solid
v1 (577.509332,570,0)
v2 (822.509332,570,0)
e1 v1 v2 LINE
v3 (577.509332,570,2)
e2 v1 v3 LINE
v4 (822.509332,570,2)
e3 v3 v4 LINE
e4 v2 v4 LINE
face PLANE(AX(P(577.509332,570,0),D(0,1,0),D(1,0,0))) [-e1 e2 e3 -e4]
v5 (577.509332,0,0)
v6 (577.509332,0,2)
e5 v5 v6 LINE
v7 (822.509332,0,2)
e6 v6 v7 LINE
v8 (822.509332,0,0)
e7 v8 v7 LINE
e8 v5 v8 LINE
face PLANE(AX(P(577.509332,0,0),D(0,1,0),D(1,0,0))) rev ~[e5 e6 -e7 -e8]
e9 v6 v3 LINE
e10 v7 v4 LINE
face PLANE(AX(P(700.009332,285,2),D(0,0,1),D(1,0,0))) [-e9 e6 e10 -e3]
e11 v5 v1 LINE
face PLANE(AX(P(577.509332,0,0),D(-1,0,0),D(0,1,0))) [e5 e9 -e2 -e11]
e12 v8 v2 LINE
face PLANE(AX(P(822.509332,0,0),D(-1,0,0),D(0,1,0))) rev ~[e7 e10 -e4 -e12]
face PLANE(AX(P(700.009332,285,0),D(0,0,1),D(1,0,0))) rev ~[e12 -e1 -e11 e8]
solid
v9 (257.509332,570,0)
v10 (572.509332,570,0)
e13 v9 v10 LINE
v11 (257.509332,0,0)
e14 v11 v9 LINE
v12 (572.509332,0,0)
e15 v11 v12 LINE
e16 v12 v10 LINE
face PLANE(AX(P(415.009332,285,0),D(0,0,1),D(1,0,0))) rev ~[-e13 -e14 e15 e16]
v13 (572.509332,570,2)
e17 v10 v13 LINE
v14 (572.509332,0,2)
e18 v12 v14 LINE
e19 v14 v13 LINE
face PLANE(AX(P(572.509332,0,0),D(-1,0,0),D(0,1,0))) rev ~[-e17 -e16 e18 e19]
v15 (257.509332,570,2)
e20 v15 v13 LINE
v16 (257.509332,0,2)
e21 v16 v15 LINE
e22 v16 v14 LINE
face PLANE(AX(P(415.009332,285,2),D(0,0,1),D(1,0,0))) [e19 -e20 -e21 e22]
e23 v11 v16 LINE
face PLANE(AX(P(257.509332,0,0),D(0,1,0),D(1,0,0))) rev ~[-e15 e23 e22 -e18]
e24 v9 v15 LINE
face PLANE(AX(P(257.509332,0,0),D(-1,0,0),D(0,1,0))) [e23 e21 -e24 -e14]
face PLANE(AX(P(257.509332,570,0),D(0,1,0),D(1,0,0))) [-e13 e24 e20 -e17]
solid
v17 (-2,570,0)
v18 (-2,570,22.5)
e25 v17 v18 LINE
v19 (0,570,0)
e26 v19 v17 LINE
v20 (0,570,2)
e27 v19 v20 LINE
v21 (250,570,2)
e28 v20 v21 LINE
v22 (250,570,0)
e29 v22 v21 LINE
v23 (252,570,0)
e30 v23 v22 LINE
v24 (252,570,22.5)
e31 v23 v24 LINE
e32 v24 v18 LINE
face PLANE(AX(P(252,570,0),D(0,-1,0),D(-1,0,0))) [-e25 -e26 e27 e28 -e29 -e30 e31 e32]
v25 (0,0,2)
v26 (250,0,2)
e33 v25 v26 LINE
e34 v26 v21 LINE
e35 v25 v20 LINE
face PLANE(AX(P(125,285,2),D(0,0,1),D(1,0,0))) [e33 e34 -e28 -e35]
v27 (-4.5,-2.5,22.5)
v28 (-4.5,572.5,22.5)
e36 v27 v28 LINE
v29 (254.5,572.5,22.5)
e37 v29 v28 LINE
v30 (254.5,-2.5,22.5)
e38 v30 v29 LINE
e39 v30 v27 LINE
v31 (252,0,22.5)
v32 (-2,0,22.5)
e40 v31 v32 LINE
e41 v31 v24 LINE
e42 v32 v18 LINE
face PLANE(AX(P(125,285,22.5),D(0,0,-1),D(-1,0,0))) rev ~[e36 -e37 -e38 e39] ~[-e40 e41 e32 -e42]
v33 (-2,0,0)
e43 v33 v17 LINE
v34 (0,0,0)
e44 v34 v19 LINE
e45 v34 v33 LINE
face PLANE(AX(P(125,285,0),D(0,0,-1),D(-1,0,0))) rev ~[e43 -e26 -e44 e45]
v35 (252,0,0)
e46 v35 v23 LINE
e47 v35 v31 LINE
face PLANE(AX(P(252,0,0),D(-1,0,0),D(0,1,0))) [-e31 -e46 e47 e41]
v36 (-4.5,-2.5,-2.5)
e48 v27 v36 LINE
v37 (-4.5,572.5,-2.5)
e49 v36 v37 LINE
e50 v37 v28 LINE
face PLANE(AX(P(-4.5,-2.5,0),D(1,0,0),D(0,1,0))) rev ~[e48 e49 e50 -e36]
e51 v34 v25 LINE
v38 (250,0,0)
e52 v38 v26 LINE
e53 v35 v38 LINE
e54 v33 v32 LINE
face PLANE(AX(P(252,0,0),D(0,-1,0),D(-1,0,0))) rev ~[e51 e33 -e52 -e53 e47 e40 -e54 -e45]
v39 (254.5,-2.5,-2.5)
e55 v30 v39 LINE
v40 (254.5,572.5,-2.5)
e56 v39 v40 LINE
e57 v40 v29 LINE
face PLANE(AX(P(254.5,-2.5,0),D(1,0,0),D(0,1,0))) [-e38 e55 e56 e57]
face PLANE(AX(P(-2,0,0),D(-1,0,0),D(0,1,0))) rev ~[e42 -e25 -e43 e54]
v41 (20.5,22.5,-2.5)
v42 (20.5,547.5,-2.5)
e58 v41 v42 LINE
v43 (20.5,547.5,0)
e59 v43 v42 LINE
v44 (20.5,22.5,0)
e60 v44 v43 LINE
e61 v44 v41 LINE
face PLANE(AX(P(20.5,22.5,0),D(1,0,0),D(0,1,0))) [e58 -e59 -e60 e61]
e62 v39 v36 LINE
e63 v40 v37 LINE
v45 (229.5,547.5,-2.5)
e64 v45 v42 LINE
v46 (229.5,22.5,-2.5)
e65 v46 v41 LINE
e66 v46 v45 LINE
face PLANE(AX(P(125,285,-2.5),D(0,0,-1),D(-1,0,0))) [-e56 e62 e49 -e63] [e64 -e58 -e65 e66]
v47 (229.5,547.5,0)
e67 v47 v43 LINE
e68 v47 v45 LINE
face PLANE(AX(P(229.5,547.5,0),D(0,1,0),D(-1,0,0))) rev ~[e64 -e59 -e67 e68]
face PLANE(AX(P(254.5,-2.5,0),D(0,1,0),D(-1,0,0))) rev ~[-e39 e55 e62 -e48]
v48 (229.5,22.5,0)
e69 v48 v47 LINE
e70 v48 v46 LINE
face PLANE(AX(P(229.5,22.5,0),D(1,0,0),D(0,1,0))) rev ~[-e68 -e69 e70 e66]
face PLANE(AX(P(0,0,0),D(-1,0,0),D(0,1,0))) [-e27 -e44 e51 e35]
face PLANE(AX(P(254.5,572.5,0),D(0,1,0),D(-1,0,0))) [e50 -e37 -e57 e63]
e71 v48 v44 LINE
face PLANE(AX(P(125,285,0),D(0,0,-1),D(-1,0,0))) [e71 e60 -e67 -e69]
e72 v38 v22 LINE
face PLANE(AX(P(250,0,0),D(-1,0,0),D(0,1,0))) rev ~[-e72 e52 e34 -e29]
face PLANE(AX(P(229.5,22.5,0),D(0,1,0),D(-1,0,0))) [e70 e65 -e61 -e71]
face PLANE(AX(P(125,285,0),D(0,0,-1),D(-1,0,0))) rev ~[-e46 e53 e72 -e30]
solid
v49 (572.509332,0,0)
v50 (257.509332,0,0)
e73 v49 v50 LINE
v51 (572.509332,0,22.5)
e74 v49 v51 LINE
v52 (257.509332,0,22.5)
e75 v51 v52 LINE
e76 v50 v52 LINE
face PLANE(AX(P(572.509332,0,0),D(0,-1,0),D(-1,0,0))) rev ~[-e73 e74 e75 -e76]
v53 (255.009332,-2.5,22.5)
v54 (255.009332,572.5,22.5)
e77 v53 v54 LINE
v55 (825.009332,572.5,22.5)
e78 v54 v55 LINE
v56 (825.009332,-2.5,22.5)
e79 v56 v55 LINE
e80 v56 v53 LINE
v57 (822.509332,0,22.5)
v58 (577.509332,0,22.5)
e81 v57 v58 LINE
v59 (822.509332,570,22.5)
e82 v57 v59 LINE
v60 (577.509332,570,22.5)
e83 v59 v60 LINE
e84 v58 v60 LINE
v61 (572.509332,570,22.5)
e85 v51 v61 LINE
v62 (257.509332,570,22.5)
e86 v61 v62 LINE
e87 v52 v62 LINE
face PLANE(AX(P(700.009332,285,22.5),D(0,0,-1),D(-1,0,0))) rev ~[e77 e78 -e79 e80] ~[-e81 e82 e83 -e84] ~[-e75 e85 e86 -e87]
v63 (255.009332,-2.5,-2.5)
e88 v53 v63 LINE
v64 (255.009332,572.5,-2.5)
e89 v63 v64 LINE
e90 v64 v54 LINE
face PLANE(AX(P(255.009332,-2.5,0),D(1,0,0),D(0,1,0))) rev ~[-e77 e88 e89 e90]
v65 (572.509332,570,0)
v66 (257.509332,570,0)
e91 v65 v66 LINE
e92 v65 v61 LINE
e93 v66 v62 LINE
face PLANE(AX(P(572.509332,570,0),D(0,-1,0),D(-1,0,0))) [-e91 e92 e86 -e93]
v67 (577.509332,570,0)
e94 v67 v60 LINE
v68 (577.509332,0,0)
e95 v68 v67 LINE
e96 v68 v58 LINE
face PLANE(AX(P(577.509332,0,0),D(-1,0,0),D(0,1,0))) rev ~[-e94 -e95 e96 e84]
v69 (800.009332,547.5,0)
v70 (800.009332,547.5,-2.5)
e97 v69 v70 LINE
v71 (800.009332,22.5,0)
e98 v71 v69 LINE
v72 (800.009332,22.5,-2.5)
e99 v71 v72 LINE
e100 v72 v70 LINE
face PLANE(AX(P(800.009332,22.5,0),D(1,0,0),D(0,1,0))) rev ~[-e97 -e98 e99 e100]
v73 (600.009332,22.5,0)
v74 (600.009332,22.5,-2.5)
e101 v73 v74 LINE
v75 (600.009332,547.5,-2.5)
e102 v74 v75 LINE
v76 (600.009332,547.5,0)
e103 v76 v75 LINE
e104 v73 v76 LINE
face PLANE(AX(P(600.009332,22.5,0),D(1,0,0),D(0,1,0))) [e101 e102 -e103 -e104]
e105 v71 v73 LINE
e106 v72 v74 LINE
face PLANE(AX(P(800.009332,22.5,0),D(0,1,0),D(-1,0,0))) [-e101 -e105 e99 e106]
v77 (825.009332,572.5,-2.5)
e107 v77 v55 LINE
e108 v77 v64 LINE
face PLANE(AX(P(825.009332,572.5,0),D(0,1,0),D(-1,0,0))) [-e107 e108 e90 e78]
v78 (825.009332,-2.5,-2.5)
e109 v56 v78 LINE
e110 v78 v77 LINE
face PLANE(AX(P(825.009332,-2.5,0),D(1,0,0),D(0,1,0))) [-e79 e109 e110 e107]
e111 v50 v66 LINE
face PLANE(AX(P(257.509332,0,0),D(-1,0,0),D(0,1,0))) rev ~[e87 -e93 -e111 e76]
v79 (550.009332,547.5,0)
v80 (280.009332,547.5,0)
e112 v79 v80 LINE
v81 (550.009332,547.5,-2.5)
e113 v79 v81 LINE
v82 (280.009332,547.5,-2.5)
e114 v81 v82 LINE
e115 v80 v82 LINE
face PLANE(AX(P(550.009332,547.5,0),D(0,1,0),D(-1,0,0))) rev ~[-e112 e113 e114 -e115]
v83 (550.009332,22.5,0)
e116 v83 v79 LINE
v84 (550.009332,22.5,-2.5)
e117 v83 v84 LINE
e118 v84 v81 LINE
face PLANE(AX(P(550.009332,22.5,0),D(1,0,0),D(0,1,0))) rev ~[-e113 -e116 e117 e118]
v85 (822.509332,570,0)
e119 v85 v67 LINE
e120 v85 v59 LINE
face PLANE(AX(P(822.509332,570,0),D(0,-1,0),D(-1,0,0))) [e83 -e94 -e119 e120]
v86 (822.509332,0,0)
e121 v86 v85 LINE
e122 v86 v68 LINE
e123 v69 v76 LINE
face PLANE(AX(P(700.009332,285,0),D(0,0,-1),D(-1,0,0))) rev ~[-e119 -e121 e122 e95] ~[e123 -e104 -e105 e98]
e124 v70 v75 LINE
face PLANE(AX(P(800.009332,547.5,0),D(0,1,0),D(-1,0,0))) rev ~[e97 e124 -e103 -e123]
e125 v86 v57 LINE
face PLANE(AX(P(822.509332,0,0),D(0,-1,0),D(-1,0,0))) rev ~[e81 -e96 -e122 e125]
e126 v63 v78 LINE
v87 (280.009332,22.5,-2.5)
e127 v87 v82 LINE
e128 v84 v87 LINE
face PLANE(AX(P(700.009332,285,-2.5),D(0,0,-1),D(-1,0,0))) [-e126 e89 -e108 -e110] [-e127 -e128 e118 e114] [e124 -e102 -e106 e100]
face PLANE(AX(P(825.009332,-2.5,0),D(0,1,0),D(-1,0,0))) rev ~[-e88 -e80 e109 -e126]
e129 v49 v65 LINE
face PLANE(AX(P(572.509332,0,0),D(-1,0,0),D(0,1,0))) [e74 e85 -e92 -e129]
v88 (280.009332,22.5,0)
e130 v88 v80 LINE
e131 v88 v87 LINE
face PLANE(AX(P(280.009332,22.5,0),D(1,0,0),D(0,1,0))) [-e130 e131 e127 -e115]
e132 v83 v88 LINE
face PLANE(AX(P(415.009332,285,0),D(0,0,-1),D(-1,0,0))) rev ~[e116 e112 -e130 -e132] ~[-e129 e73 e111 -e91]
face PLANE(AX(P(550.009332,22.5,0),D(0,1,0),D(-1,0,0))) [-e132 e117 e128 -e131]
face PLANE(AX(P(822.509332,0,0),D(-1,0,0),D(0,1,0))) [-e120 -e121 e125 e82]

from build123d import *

# Parameters (mm, degrees)
ESQUISSE1_W         = 250
ESQUISSE1_H         = 570
BOSS_EXTRU_2_DEPTH  = 2
ESQUISSE11_W        = 259
ESQUISSE11_H        = 575
ESQUISSE11_W_2      = 254
ESQUISSE11_H_2      = 570
BOSS_EXTRU_12_DEPTH = 22.5
ESQUISSE12_W        = 259
ESQUISSE12_H        = 575
ESQUISSE12_W_2      = 209
ESQUISSE12_H_2      = 525
BOSS_EXTRU_13_DEPTH = 2.5
ESQUISSE13_W        = 320
ESQUISSE13_H        = 575
ESQUISSE13_W_2      = 315
ESQUISSE13_H_2      = 570
BOSS_EXTRU_14_DEPTH = 22.5
ESQUISSE14_W        = 320
ESQUISSE14_H        = 575
ESQUISSE14_W_2      = 270
ESQUISSE14_H_2      = 525
BOSS_EXTRU_15_DEPTH = 2.5
ESQUISSE15_W        = 315
ESQUISSE15_H        = 570
BOSS_EXTRU_16_DEPTH = 2
ESQUISSE18_W        = 250
ESQUISSE18_H        = 575
ESQUISSE18_W_2      = 245
ESQUISSE18_H_2      = 570
BOSS_EXTRU_19_DEPTH = 22.5
ESQUISSE19_W        = 250
ESQUISSE19_H        = 575
ESQUISSE19_W_2      = 200
ESQUISSE19_H_2      = 525
BOSS_EXTRU_20_DEPTH = 2.5
ESQUISSE20_W        = 245
ESQUISSE20_H        = 570
BOSS_EXTRU_21_DEPTH = 2


with BuildPart() as part:
    # Esquisse1 → Boss.-Extru.2 (new body)
    with BuildSketch(Plane.XY):
        with Locations((125, 285)):
            Rectangle(ESQUISSE1_W, ESQUISSE1_H)
    extrude(amount=BOSS_EXTRU_2_DEPTH)



with BuildPart() as body_2:
    # Esquisse11 → Boss.-Extru.12 (new body)
    with BuildSketch(Plane(origin=(0, 0, 0), x_dir=(-1, 0, 0), z_dir=(0, 0, -1))):
        with Locations((-125, 285)):
            Rectangle(ESQUISSE11_W, ESQUISSE11_H)
        with Locations((-125, 285)):
            Rectangle(ESQUISSE11_W_2, ESQUISSE11_H_2, mode=Mode.SUBTRACT)
    extrude(amount=-BOSS_EXTRU_12_DEPTH)


with BuildPart() as part_1:
    add(part.part)

    add(body_2.part)  # Boss.-Extru.13 merges body 2
    # Esquisse12 → Boss.-Extru.13 (add)
    with BuildSketch(Plane(origin=(0, 0, 0), x_dir=(-1, 0, 0), z_dir=(0, 0, -1))):
        with Locations((-125, 285)):
            Rectangle(ESQUISSE12_W, ESQUISSE12_H)
        with Locations((-125, 285)):
            Rectangle(ESQUISSE12_W_2, ESQUISSE12_H_2, mode=Mode.SUBTRACT)
    extrude(amount=BOSS_EXTRU_13_DEPTH)


with BuildPart() as body_2_2:
    # Esquisse13 → Boss.-Extru.14 (new body)
    with BuildSketch(Plane(origin=(0, 0, 0), x_dir=(-1, 0, 0), z_dir=(0, 0, -1))):
        with Locations((-415.009332024, 285)):
            Rectangle(ESQUISSE13_W, ESQUISSE13_H)
        with Locations((-415.009332024, 285)):
            Rectangle(ESQUISSE13_W_2, ESQUISSE13_H_2, mode=Mode.SUBTRACT)
    extrude(amount=-BOSS_EXTRU_14_DEPTH)

    # Esquisse14 → Boss.-Extru.15 (add)
    with BuildSketch(Plane(origin=(0, 0, 0), x_dir=(-1, 0, 0), z_dir=(0, 0, -1))):
        with Locations((-415.009332024, 285)):
            Rectangle(ESQUISSE14_W, ESQUISSE14_H)
        with Locations((-415.009332024, 285)):
            Rectangle(ESQUISSE14_W_2, ESQUISSE14_H_2, mode=Mode.SUBTRACT)
    extrude(amount=BOSS_EXTRU_15_DEPTH)

    # Esquisse18 → Boss.-Extru.19 (add)
    with BuildSketch(Plane(origin=(0, 0, 0), x_dir=(-1, 0, 0), z_dir=(0, 0, -1))):
        with Locations((-700.009332024, 285)):
            Rectangle(ESQUISSE18_W, ESQUISSE18_H)
        with Locations((-700.009332024, 285)):
            Rectangle(ESQUISSE18_W_2, ESQUISSE18_H_2, mode=Mode.SUBTRACT)
    extrude(amount=-BOSS_EXTRU_19_DEPTH)

    # Esquisse19 → Boss.-Extru.20 (add)
    with BuildSketch(Plane(origin=(0, 0, 0), x_dir=(-1, 0, 0), z_dir=(0, 0, -1))):
        with Locations((-700.009332024, 285)):
            Rectangle(ESQUISSE19_W, ESQUISSE19_H)
        with Locations((-700.009332024, 285)):
            Rectangle(ESQUISSE19_W_2, ESQUISSE19_H_2, mode=Mode.SUBTRACT)
    extrude(amount=BOSS_EXTRU_20_DEPTH)


with BuildPart() as body_3:
    # Esquisse15 → Boss.-Extru.16 (new body)
    with BuildSketch(Plane.XY):
        with Locations((415.009332024, 285)):
            Rectangle(ESQUISSE15_W, ESQUISSE15_H)
    extrude(amount=BOSS_EXTRU_16_DEPTH)


with BuildPart() as body_4:
    # Esquisse20 → Boss.-Extru.21 (new body)
    with BuildSketch(Plane.XY):
        with Locations((700.009332024, 285)):
            Rectangle(ESQUISSE20_W, ESQUISSE20_H)
    extrude(amount=BOSS_EXTRU_21_DEPTH)


solid = Compound([part_1.part, body_2_2.part, body_3.part, body_4.part])
